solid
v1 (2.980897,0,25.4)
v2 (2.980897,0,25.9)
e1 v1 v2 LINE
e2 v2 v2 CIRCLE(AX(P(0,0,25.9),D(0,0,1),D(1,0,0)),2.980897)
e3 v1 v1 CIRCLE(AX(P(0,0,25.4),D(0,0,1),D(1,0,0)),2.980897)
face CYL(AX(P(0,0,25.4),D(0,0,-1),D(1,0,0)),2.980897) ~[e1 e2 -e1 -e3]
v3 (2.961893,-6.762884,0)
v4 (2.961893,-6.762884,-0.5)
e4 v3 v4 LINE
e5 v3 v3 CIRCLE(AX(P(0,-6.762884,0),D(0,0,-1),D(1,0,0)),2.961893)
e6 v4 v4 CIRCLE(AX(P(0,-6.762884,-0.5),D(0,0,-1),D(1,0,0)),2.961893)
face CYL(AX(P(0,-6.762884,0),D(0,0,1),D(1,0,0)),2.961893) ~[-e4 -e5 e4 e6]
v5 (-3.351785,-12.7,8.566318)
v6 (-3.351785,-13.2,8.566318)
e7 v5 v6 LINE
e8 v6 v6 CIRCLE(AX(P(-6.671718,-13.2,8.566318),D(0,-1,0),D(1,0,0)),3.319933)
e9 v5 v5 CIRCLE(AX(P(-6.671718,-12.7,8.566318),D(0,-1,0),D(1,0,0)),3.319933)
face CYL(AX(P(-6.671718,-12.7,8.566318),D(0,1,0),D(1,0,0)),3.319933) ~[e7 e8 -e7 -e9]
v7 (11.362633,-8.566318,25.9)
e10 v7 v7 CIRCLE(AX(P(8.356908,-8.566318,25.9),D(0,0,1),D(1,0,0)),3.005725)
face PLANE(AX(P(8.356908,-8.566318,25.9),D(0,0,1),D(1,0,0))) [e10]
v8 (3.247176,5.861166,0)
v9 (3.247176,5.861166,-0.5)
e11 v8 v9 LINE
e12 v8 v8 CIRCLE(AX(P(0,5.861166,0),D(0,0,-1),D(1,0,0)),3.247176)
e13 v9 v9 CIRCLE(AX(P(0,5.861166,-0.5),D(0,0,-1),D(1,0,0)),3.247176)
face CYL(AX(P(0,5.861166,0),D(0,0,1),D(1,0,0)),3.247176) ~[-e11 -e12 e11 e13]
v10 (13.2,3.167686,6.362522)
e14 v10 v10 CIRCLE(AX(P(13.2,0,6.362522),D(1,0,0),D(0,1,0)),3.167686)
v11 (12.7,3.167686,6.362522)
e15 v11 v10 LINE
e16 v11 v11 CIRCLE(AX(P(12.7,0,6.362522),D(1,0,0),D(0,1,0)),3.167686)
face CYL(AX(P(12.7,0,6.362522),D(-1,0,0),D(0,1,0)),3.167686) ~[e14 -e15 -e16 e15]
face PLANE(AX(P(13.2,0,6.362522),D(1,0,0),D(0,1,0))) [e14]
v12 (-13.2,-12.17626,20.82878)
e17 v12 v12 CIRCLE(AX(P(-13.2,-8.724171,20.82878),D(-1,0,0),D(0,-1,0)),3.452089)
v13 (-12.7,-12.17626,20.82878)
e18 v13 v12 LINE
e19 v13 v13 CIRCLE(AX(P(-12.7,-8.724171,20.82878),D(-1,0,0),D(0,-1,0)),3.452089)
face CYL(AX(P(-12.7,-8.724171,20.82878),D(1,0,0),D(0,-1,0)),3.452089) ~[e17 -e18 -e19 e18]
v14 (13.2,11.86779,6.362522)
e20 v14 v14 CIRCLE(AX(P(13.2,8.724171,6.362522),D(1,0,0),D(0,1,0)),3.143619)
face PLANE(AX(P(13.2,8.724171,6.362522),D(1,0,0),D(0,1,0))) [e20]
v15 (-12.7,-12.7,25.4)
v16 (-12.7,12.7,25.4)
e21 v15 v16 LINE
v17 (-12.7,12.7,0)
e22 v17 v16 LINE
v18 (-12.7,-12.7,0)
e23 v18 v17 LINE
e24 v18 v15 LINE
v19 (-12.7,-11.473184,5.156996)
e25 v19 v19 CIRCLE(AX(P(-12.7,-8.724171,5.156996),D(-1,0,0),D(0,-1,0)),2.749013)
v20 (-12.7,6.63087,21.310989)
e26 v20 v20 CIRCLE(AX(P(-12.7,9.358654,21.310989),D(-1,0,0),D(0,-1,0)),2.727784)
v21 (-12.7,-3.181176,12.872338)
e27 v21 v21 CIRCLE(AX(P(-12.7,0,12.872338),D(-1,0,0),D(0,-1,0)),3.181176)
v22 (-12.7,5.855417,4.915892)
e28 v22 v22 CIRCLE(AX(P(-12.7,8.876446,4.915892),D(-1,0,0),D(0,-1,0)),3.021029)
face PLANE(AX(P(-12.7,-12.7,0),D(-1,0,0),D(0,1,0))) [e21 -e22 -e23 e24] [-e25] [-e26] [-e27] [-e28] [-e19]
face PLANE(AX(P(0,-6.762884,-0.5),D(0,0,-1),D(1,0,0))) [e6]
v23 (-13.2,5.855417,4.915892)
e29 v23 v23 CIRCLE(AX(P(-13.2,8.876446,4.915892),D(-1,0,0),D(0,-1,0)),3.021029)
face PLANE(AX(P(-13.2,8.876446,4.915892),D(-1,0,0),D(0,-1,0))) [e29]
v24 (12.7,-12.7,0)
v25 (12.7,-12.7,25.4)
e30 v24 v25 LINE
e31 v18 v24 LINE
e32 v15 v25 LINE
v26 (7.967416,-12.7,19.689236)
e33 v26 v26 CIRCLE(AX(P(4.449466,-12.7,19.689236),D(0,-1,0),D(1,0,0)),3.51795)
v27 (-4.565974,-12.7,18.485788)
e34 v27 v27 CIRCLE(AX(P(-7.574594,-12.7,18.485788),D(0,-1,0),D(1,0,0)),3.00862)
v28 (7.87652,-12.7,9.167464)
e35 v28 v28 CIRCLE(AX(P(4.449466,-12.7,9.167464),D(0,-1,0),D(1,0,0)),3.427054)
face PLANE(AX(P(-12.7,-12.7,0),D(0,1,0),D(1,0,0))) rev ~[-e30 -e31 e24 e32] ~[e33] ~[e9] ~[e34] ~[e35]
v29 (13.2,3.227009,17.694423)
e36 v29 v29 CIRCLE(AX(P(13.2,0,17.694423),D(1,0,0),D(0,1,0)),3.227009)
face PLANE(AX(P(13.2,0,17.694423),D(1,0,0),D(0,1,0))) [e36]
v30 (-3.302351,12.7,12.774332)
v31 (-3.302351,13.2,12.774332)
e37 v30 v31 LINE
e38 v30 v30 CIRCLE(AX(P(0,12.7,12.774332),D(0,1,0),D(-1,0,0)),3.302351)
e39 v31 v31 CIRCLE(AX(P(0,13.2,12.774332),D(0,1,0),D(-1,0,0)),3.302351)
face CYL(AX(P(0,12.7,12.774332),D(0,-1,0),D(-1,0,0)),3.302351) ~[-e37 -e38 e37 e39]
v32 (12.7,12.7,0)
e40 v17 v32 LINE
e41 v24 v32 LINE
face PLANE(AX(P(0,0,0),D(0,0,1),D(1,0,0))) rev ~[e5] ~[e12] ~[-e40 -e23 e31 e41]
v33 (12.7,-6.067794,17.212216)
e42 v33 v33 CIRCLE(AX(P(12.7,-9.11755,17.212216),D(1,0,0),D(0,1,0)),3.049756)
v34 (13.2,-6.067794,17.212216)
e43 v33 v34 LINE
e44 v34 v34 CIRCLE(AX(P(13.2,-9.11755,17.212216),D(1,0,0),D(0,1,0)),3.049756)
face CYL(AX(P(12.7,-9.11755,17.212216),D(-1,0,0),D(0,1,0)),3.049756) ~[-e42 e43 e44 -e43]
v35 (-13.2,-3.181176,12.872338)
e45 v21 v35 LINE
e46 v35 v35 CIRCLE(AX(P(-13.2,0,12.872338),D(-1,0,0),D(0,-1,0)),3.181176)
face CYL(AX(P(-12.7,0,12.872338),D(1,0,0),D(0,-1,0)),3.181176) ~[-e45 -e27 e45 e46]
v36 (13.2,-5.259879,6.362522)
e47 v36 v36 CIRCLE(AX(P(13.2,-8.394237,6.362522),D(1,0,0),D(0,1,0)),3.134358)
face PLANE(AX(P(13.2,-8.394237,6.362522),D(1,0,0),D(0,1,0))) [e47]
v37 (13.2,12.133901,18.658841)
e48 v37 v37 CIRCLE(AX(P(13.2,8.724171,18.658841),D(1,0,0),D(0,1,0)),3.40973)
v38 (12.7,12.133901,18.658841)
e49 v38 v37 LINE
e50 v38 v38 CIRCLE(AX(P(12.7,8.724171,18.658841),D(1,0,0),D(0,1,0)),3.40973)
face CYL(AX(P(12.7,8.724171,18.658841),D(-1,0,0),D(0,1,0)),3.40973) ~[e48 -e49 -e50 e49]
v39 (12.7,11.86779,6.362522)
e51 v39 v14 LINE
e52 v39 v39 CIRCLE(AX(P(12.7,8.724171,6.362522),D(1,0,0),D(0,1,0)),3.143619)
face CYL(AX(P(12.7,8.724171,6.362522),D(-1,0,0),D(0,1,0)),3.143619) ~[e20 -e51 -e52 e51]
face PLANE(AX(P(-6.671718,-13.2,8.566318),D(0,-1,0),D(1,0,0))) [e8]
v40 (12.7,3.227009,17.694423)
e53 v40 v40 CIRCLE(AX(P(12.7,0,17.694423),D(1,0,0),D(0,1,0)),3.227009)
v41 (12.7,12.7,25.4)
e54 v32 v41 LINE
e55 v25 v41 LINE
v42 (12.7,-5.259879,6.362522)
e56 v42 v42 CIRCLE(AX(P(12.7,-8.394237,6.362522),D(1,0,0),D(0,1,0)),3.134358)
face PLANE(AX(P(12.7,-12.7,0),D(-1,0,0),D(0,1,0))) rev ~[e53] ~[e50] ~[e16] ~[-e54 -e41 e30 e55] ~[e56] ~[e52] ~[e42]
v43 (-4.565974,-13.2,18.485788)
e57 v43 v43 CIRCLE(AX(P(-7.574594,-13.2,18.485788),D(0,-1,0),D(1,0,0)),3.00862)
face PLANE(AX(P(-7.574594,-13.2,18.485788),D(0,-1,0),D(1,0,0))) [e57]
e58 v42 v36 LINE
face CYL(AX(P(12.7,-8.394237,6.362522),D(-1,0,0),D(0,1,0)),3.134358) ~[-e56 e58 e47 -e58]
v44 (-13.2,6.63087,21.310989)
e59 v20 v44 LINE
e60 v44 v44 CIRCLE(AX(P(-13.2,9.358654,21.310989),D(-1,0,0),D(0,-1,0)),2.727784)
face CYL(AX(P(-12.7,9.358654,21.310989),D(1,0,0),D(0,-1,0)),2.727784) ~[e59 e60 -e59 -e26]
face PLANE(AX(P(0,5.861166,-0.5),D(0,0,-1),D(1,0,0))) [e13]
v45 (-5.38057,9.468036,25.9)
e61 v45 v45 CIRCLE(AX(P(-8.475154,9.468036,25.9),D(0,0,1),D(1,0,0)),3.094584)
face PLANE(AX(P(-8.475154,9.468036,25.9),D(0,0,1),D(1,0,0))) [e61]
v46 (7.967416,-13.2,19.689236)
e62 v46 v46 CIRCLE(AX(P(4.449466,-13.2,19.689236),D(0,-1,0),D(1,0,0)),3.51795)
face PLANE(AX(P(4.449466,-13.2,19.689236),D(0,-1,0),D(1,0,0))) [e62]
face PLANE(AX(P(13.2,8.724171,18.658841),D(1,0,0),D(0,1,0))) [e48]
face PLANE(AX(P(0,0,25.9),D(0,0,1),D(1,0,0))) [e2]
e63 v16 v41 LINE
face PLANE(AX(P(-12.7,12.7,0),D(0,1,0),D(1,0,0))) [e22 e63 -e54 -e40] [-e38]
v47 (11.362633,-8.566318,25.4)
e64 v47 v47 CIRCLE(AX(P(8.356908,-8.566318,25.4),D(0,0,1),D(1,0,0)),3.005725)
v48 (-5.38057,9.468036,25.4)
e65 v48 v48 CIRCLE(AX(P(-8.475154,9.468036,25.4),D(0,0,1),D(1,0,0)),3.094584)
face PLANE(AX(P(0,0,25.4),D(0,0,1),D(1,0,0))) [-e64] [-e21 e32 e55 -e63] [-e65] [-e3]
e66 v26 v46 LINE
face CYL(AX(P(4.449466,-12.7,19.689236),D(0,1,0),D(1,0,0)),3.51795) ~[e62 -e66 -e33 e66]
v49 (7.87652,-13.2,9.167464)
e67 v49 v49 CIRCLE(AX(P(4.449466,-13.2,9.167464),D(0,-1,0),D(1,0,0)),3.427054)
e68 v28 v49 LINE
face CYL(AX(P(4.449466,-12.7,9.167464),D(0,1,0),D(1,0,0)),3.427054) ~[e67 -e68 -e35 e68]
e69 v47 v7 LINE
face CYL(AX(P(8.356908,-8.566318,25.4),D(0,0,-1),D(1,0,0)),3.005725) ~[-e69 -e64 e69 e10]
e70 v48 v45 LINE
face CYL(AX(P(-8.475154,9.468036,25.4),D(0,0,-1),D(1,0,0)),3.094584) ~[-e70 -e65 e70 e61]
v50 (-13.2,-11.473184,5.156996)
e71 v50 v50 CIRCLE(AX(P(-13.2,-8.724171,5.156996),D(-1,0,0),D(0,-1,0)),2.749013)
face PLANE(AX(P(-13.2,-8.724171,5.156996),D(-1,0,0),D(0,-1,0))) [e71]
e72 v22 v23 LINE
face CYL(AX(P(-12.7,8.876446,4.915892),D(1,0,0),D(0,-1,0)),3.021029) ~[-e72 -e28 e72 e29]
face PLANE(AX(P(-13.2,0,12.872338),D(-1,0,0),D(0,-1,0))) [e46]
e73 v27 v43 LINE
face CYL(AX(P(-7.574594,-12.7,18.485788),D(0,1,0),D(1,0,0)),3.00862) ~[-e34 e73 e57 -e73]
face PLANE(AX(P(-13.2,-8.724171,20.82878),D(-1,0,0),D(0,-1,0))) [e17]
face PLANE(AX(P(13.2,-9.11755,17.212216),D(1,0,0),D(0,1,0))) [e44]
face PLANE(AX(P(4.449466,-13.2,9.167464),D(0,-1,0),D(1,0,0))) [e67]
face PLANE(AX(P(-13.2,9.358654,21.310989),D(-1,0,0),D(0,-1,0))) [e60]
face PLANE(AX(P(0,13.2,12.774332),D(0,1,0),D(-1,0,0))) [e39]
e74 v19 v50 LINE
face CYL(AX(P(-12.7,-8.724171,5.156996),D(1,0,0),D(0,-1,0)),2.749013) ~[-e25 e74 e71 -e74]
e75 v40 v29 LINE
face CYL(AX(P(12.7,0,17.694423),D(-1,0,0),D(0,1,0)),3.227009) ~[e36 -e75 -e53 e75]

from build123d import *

# Parameters (mm, degrees)
F0_W      = 25.4
F0_H      = 25.4
F1_DEPTH  = 25.4
F2_R      = 3.302351
F3_DEPTH  = 0.5
F4_R      = 3.247176
F4_R_2    = 2.961893
F5_DEPTH  = 0.5
F6_R      = 3.005725
F6_R_2    = 2.980897
F6_R_3    = 3.094584
F7_DEPTH  = 0.5
F8_R      = 3.319933
F8_R_2    = 3.427054
F8_R_3    = 3.00862
F8_R_4    = 3.51795
F9_DEPTH  = 0.5
F10_R     = 3.021029
F10_R_2   = 3.181176
F10_R_3   = 2.727784
F10_R_4   = 3.452089
F10_R_5   = 2.749013
F11_DEPTH = 0.5
F12_R     = 3.134358
F12_R_2   = 3.167686
F12_R_3   = 3.143619
F12_R_4   = 3.049756
F12_R_5   = 3.227009
F12_R_6   = 3.40973
F13_DEPTH = 0.5


with BuildPart() as f1:
    # F0 (on Top) → F1 (new body)
    with BuildSketch(Plane.XY):
        Rectangle(F0_W, F0_H)
    extrude(amount=F1_DEPTH)

    # F2 (on face) → F3 (join)
    with BuildSketch(Plane(origin=(0, 12.7, 0), x_dir=(-1, 0, 0), z_dir=(0, 1, 0))):
        with Locations((0, 12.774332)):
            Circle(F2_R)
    extrude(amount=F3_DEPTH)

    # F4 (on face) → F5 (join)
    with BuildSketch(Plane(origin=(0, 0, 0), x_dir=(1, 0, 0), z_dir=(0, 0, -1))):
        with Locations((0, -5.861166)):
            Circle(F4_R)
        with Locations((0, 6.762884)):
            Circle(F4_R_2)
    extrude(amount=F5_DEPTH)

    # F6 (on face) → F7 (join)
    with BuildSketch(Plane.XY.offset(25.4)):
        with Locations((8.356908, -8.566318)):
            Circle(F6_R)
        Circle(F6_R_2)
        with Locations((-8.475154, 9.468036)):
            Circle(F6_R_3)
    extrude(amount=F7_DEPTH)

    # F8 (on face) → F9 (join)
    with BuildSketch(Plane.XZ.offset(12.7)):
        with Locations((-6.671718, 8.566318)):
            Circle(F8_R)
        with Locations((4.449466, 9.167464)):
            Circle(F8_R_2)
        with Locations((-7.574594, 18.485788)):
            Circle(F8_R_3)
        with Locations((4.449466, 19.689236)):
            Circle(F8_R_4)
    extrude(amount=F9_DEPTH)

    # F10 (on face) → F11 (join)
    with BuildSketch(Plane(origin=(-12.7, 0, 0), x_dir=(0, -1, 0), z_dir=(-1, 0, 0))):
        with Locations((-8.876446, 4.915892)):
            Circle(F10_R)
        with Locations((0, 12.872338)):
            Circle(F10_R_2)
        with Locations((-9.358654, 21.310989)):
            Circle(F10_R_3)
        with Locations((8.724171, 20.82878)):
            Circle(F10_R_4)
        with Locations((8.724171, 5.156996)):
            Circle(F10_R_5)
    extrude(amount=F11_DEPTH)

    # F12 (on face) → F13 (join)
    with BuildSketch(Plane.YZ.offset(12.7)):
        with Locations((-8.394237, 6.362522)):
            Circle(F12_R)
        with Locations((0, 6.362522)):
            Circle(F12_R_2)
        with Locations((8.724171, 6.362522)):
            Circle(F12_R_3)
        with Locations((-9.11755, 17.212216)):
            Circle(F12_R_4)
        with Locations((0, 17.694423)):
            Circle(F12_R_5)
        with Locations((8.724171, 18.658841)):
            Circle(F12_R_6)
    extrude(amount=F13_DEPTH)


solid = f1.part
